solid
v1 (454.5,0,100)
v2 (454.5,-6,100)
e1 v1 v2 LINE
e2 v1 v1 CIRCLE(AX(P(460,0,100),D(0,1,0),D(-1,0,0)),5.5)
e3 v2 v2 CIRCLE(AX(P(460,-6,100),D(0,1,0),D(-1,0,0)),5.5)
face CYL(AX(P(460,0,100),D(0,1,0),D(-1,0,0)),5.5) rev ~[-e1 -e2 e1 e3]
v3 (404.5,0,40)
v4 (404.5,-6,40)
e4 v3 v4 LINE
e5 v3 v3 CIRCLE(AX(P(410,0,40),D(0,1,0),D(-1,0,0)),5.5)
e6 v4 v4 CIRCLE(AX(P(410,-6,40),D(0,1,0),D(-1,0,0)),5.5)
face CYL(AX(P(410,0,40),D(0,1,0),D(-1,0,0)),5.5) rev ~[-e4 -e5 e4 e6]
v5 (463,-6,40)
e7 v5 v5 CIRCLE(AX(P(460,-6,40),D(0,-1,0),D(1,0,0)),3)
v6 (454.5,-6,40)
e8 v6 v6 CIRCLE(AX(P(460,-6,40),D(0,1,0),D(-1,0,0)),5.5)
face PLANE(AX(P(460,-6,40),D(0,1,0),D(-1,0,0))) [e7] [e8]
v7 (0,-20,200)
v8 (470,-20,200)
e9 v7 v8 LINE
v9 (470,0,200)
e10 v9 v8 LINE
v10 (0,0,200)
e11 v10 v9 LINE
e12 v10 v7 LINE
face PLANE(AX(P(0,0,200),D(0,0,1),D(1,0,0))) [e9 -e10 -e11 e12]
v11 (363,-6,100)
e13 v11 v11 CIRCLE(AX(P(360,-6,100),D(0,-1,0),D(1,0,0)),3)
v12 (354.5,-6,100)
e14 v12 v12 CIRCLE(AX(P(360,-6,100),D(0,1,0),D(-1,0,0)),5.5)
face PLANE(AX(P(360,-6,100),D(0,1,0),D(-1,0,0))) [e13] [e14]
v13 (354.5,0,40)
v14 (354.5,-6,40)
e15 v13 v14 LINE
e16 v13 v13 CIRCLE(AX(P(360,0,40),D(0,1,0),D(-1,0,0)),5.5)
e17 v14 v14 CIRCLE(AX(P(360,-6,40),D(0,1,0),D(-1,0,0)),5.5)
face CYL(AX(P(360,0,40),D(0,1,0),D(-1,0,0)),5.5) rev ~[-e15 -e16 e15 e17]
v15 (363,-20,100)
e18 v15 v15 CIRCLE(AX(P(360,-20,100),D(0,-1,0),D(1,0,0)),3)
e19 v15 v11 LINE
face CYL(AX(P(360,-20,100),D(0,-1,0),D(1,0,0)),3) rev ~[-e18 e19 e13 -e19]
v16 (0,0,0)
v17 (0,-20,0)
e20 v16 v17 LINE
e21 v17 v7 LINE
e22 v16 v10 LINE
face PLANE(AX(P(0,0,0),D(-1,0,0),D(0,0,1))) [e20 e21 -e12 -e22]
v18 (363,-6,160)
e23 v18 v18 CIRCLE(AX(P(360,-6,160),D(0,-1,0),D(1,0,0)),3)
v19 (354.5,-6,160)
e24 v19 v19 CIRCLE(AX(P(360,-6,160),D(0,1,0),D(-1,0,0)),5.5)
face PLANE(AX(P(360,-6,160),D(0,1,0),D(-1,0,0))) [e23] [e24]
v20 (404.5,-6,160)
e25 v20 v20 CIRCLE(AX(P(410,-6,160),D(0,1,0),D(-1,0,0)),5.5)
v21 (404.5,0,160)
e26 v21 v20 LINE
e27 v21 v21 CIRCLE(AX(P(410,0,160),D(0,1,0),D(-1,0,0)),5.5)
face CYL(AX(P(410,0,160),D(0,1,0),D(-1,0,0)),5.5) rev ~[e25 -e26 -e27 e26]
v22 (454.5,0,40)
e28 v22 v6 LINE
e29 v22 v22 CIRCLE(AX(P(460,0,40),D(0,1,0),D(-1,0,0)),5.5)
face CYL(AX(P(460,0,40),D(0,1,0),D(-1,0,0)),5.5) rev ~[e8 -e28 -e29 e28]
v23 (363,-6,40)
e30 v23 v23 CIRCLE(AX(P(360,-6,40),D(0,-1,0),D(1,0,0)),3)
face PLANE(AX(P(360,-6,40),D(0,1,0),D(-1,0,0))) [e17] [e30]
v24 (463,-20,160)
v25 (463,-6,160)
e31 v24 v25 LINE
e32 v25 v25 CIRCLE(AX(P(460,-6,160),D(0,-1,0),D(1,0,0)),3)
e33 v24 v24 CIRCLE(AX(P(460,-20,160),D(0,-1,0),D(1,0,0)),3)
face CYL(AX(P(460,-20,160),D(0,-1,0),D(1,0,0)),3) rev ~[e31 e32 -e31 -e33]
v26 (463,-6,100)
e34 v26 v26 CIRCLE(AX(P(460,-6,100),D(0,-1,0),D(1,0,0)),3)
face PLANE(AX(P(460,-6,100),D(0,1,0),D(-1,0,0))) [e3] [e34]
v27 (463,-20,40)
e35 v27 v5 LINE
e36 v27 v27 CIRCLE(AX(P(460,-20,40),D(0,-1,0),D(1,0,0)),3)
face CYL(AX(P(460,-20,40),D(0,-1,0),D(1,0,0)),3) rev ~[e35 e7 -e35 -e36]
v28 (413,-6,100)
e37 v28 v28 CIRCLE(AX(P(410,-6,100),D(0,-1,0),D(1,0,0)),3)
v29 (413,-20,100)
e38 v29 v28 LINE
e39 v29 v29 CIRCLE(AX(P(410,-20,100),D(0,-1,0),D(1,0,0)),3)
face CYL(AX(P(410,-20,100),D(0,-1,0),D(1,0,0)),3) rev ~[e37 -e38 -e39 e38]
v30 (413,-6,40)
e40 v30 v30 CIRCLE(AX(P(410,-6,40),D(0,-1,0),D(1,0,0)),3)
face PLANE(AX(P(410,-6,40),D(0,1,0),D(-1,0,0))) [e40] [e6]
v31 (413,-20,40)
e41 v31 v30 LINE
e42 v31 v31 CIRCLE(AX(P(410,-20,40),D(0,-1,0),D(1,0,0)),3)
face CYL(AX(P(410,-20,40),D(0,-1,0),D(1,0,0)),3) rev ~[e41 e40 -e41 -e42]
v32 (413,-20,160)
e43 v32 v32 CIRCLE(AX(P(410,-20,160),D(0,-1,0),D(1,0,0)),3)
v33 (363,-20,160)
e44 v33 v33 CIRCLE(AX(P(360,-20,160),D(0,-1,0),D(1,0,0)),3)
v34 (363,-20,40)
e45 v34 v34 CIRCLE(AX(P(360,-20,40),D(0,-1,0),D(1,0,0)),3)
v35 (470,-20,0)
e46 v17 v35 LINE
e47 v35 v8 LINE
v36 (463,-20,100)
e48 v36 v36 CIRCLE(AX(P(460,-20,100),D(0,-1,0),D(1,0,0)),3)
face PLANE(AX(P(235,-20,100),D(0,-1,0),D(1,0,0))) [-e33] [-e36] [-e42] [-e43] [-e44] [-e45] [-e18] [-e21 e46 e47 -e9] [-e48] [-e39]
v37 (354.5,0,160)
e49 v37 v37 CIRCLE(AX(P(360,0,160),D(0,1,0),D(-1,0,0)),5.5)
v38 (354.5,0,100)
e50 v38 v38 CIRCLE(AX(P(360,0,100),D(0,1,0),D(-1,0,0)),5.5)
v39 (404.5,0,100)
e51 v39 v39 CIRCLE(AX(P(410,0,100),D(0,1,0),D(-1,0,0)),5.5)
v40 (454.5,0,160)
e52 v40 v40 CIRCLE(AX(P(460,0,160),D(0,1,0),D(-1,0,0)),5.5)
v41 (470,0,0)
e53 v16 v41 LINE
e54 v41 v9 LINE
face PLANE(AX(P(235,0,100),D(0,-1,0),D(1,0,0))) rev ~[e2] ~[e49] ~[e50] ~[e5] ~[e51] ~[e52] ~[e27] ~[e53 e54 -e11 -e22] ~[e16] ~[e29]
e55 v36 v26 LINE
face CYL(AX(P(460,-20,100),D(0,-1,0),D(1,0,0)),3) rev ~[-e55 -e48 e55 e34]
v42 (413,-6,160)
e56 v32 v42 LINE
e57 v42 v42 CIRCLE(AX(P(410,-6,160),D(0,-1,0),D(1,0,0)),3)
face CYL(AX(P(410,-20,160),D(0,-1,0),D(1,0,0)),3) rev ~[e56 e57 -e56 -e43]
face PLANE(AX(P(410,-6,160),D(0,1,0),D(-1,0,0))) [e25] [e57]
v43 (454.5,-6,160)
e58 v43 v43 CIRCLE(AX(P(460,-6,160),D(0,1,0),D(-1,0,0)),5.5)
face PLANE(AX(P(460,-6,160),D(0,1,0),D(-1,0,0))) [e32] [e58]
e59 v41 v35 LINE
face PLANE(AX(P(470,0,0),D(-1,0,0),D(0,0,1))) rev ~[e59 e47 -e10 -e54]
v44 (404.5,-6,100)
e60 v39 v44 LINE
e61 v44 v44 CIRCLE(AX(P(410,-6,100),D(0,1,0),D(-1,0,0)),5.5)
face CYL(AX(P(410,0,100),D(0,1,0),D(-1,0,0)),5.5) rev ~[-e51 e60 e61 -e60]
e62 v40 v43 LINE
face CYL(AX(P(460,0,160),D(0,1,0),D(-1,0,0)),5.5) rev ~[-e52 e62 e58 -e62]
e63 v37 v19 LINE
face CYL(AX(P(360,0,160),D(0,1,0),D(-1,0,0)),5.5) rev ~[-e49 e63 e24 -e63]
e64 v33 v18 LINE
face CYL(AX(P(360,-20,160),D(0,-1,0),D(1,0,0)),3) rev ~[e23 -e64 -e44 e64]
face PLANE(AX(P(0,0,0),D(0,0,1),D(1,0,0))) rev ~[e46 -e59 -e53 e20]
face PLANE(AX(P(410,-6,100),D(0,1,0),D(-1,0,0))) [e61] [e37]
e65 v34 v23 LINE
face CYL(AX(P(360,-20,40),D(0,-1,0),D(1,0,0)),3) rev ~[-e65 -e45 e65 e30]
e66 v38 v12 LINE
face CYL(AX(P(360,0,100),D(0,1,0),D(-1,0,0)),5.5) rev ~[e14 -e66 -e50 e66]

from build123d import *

# Parameters (mm, degrees)
F0_W     = 470
F0_H     = 200
F1_DEPTH = 20
F2_R     = 3
F3_DEPTH = 20
F4_R     = 5.5
F5_DEPTH = 6


with BuildPart() as f1:
    # F0 (on Front) → F1 (new body)
    with BuildSketch(Plane.XZ):
        with Locations((235, 100)):
            Rectangle(F0_W, F0_H)
    extrude(amount=F1_DEPTH)

    # F2 (on face) → F3 (cut)
    with BuildSketch(Plane.XZ.offset(20)):
        with Locations((360, 160)):
            Circle(F2_R)
        with Locations((360, 100)):
            Circle(F2_R)
        with Locations((360, 40)):
            Circle(F2_R)
        with Locations((410, 160)):
            Circle(F2_R)
        with Locations((410, 100)):
            Circle(F2_R)
        with Locations((410, 40)):
            Circle(F2_R)
        with Locations((460, 160)):
            Circle(F2_R)
        with Locations((460, 100)):
            Circle(F2_R)
        with Locations((460, 40)):
            Circle(F2_R)
    extrude(amount=-F3_DEPTH, mode=Mode.SUBTRACT)

    # F4 (on face) → F5 (cut)
    with BuildSketch(Plane(origin=(0, 0, 0), x_dir=(-1, 0, 0), z_dir=(0, 1, 0))):
        with Locations((-460, 160)):
            Circle(F4_R)
        with Locations((-410, 160)):
            Circle(F4_R)
        with Locations((-360, 160)):
            Circle(F4_R)
        with Locations((-360, 100)):
            Circle(F4_R)
        with Locations((-410, 100)):
            Circle(F4_R)
        with Locations((-460, 100)):
            Circle(F4_R)
        with Locations((-460, 40)):
            Circle(F4_R)
        with Locations((-410, 40)):
            Circle(F4_R)
        with Locations((-360, 40)):
            Circle(F4_R)
    extrude(amount=-F5_DEPTH, mode=Mode.SUBTRACT)


solid = f1.part
